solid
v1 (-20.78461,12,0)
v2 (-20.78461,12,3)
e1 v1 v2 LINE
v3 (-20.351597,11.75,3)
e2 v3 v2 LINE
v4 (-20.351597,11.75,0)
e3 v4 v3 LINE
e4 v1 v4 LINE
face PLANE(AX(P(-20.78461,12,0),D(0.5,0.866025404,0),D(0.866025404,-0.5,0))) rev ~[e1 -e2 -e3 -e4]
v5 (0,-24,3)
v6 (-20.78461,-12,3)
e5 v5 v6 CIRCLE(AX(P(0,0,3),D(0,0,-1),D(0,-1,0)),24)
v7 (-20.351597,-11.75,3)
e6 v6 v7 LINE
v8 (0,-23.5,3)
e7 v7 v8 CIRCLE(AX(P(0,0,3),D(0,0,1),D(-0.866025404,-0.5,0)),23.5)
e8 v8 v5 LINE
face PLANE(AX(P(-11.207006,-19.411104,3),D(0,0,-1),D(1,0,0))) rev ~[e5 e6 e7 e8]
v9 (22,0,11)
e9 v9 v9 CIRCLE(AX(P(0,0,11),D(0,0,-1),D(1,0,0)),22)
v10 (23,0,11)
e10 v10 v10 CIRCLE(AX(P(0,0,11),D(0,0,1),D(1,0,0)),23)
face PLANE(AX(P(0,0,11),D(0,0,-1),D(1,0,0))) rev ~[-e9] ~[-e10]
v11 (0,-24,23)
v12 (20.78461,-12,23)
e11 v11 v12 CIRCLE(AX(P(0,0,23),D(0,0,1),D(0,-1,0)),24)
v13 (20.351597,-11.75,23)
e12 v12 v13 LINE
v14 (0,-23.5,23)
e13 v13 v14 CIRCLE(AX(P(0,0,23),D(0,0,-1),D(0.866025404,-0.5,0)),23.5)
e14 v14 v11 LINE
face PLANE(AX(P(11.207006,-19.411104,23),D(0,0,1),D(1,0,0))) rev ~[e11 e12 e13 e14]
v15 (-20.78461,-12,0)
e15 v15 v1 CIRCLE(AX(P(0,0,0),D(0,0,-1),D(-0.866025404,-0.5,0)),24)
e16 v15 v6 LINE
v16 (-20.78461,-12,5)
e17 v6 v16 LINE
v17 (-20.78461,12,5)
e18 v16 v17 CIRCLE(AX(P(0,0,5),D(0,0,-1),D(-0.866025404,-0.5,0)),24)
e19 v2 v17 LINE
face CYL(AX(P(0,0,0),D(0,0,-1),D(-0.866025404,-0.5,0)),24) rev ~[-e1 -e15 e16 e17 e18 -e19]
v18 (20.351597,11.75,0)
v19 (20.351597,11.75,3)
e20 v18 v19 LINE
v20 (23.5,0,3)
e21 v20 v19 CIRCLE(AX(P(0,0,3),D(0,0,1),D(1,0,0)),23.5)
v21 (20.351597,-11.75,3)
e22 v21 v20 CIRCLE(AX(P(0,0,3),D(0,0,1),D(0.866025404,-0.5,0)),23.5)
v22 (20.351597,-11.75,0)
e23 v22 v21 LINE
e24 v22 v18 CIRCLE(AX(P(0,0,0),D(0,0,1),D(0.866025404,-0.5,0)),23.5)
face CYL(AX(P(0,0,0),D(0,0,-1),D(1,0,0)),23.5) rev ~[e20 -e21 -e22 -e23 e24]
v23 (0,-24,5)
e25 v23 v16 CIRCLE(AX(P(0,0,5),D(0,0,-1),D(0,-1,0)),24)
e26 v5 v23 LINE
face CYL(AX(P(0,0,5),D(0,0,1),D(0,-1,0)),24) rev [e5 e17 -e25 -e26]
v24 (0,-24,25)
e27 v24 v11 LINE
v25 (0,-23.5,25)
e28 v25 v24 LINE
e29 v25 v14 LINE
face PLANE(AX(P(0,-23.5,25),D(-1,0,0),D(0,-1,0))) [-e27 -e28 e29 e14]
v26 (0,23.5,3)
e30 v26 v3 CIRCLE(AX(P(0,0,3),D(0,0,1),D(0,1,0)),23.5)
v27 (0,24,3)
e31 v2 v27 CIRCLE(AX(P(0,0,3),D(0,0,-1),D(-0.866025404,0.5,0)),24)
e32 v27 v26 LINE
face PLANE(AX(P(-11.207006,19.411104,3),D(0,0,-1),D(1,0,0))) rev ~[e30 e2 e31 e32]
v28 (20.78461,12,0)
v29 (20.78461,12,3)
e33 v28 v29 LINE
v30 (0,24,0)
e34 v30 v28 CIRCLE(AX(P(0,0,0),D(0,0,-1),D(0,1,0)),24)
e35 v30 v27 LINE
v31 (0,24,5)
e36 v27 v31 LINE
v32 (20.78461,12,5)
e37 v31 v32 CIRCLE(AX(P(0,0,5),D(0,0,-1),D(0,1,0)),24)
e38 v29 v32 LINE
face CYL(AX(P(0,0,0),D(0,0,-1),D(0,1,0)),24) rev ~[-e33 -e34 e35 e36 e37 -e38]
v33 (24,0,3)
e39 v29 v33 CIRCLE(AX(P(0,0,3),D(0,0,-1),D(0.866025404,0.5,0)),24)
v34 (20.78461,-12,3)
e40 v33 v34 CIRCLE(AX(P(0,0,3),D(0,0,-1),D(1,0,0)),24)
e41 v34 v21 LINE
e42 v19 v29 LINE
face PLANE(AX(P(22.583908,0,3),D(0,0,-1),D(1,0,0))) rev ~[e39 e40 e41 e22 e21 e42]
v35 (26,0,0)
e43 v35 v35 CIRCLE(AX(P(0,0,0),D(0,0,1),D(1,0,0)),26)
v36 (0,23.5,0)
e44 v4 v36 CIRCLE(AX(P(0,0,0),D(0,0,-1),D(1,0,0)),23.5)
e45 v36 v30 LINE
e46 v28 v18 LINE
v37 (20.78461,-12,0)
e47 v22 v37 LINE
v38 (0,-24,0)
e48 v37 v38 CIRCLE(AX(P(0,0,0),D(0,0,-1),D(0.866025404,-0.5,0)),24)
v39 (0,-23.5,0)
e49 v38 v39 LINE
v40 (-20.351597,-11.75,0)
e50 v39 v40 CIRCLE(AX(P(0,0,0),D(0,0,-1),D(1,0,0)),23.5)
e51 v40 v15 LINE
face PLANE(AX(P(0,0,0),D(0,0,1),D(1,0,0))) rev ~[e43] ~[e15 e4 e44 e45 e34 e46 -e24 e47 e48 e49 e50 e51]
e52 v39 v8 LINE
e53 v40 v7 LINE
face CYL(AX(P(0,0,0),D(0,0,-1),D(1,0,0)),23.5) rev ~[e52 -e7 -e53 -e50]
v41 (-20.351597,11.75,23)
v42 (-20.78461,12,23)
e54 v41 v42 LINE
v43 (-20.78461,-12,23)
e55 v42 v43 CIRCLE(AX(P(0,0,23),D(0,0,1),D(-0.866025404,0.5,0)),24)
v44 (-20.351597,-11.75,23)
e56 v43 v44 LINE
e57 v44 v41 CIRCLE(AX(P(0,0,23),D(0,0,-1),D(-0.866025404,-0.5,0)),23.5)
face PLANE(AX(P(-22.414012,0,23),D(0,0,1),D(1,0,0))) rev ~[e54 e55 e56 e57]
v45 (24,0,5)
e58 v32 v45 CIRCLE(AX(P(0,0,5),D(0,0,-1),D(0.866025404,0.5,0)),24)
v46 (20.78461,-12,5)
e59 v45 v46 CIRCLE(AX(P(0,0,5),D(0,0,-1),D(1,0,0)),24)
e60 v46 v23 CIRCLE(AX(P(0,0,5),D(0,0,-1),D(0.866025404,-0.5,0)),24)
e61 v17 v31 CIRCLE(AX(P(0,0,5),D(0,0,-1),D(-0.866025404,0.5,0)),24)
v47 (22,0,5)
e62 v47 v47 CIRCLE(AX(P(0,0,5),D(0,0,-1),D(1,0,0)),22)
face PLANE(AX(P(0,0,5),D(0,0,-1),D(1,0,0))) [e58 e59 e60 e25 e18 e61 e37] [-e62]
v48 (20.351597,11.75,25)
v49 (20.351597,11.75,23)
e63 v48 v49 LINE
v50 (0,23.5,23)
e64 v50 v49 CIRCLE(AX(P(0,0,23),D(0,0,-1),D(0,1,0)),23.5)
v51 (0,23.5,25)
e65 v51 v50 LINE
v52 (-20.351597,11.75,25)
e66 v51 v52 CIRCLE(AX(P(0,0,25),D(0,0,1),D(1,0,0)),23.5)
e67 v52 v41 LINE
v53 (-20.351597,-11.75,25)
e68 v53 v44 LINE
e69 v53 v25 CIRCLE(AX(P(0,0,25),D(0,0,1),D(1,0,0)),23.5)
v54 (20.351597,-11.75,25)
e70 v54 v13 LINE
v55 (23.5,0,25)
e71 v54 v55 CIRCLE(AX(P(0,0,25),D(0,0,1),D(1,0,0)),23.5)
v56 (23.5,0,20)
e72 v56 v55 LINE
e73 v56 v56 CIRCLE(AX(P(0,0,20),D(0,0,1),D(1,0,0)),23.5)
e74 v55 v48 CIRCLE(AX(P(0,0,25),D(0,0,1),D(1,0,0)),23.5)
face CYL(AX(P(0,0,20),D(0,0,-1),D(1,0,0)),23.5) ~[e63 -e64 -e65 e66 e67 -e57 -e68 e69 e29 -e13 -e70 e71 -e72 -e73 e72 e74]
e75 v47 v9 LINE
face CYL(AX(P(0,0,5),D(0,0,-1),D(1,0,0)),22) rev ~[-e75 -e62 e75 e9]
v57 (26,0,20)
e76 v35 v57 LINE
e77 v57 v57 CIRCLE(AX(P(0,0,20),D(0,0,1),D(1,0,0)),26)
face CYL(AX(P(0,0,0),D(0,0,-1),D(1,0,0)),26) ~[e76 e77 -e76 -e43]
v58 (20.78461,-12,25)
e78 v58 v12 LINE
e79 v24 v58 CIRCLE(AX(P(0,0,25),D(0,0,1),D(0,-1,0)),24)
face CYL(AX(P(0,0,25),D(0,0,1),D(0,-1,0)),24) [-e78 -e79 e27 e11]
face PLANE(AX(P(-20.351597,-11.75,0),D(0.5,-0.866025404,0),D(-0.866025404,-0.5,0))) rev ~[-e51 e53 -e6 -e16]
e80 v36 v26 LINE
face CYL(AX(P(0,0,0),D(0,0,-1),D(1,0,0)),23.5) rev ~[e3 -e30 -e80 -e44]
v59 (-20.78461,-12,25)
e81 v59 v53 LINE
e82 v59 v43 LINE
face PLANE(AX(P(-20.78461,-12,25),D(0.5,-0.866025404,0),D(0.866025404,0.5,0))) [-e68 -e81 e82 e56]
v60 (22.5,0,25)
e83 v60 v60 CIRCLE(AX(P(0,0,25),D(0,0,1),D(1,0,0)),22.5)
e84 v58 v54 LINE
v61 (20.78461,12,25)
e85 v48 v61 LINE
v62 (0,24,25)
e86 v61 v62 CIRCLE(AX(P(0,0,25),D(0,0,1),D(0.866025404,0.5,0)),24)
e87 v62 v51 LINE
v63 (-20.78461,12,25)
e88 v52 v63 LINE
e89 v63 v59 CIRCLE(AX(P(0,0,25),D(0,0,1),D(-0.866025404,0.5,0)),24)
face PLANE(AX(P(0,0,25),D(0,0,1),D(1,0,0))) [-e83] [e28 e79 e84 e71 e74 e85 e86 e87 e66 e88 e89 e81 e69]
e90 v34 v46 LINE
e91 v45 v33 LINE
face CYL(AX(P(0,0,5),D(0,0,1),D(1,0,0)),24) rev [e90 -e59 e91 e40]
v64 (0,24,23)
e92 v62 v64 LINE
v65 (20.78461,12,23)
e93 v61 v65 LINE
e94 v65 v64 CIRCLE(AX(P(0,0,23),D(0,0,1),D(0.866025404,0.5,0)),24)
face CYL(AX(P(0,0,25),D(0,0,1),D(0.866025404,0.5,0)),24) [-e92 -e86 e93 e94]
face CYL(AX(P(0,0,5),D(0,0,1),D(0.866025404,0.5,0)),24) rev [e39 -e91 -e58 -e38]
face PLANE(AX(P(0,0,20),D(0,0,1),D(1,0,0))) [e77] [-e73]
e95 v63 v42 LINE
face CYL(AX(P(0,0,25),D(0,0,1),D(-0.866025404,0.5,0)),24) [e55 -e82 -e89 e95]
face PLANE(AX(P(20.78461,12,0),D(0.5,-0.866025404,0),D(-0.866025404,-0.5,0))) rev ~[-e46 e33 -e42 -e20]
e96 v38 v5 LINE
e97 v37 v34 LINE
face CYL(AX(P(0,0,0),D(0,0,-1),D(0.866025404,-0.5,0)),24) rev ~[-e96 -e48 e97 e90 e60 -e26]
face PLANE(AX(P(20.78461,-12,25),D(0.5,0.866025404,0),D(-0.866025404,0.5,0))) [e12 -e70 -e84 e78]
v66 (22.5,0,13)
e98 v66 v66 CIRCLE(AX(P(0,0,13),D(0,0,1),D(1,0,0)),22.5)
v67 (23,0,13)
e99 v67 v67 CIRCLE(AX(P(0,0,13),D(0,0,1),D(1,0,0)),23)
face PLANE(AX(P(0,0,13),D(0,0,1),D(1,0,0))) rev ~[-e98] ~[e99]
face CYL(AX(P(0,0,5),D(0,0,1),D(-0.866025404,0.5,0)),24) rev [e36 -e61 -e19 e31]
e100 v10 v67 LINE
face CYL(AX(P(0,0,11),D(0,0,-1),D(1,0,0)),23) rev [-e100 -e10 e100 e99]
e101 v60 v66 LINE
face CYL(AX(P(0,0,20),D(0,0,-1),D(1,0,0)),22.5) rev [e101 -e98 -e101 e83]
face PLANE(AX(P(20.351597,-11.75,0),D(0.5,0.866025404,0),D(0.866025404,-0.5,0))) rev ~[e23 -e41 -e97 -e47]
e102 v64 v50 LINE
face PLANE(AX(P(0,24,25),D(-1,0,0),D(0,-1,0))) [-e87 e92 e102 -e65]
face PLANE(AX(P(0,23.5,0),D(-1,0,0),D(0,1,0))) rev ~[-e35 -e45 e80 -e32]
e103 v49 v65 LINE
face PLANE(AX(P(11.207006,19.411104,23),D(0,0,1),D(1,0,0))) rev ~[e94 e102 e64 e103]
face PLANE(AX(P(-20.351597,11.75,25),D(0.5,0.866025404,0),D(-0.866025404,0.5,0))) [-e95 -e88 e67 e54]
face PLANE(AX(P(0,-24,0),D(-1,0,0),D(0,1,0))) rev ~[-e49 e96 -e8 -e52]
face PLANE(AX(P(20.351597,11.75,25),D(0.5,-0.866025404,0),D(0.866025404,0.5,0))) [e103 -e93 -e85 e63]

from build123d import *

# Parameters (mm, degrees)
F0_R      = 26
F0_R_2    = 22.5
F1_DEPTH  = 20
F2_R      = 23.5
F2_R_2    = 22.5
F3_DEPTH  = 5
F4_R      = 23.5
F4_R_2    = 22.5
F5_DEPTH  = 5
F7_DEPTH  = 2
F9_DEPTH  = 5
F11_DEPTH = 2
F12_R     = 22.5
F12_R_2   = 22
F13_DEPTH = 6
F14_R     = 23
F14_R_2   = 22.5
F15_DEPTH = 2


with BuildPart() as f1:
    # F0 (on Top) → F1 (new body)
    with BuildSketch(Plane.XY):
        Circle(F0_R)
        Circle(F0_R_2, mode=Mode.SUBTRACT)
    extrude(amount=F1_DEPTH)

    # F2 (on face) → F3 (cut)
    with BuildSketch(Plane(origin=(0, 0, 0), x_dir=(1, 0, 0), z_dir=(0, 0, -1))):
        Circle(F2_R)
        Circle(F2_R_2, mode=Mode.SUBTRACT)
    extrude(amount=-F3_DEPTH, mode=Mode.SUBTRACT)

    # F4 (on face) → F5 (join)
    with BuildSketch(Plane.XY.offset(20)):
        Circle(F4_R)
        Circle(F4_R_2, mode=Mode.SUBTRACT)
    extrude(amount=F5_DEPTH)

    # F6 (on face) → F7 (join)
    with BuildSketch(Plane.XY.offset(25)):
        with BuildLine():
            Line((-20.3515969889, 11.75), (-20.7846096908, 12))
            ThreePointArc((-20.7846096908, 12), (-24, 0), (-20.7846096908, -12))
            Line((-20.7846096908, -12), (-20.3515969889, -11.75))
            ThreePointArc((-20.3515969889, -11.75), (-23.5, 0), (-20.3515969889, 11.75))
        make_face()
        with BuildLine():
            Line((20.3515969889, 11.75), (20.7846096908, 12))
            ThreePointArc((20.7846096908, 12), (12, 20.7846096908), (0, 24))
            Line((0, 24), (0, 23.5))
            ThreePointArc((0, 23.5), (11.75, 20.3515969889), (20.3515969889, 11.75))
        make_face()
        with BuildLine():
            ThreePointArc((0, -24), (12, -20.7846096908), (20.7846096908, -12))
            Line((20.7846096908, -12), (20.3515969889, -11.75))
            ThreePointArc((20.3515969889, -11.75), (11.75, -20.3515969889), (0, -23.5))
            Line((0, -23.5), (0, -24))
        make_face()
    extrude(amount=-F7_DEPTH)

    # F8 (on face) → F9 (cut)
    with BuildSketch(Plane(origin=(0, 0, 0), x_dir=(1, 0, 0), z_dir=(0, 0, -1))):
        with BuildLine():
            Line((20.3515969889, 11.75), (20.7846096908, 12))
            ThreePointArc((20.7846096908, 12), (12, 20.7846096908), (0, 24))
            Line((0, 24), (0, 23.5))
            ThreePointArc((0, 23.5), (11.75, 20.3515969889), (20.3515969889, 11.75))
        make_face()
        with BuildLine():
            ThreePointArc((0, -24), (12, -20.7846096908), (20.7846096908, -12))
            Line((20.7846096908, -12), (20.3515969889, -11.75))
            ThreePointArc((20.3515969889, -11.75), (11.75, -20.3515969889), (0, -23.5))
            Line((0, -23.5), (0, -24))
        make_face()
        with BuildLine():
            Line((-20.3515969889, 11.75), (-20.7846096908, 12))
            ThreePointArc((-20.7846096908, 12), (-24, 0), (-20.7846096908, -12))
            Line((-20.7846096908, -12), (-20.3515969889, -11.75))
            ThreePointArc((-20.3515969889, -11.75), (-23.5, 0), (-20.3515969889, 11.75))
        make_face()
    extrude(amount=-F9_DEPTH, mode=Mode.SUBTRACT)

    # F10 (on face) → F11 (cut)
    with BuildSketch(Plane(origin=(0, 0, 5), x_dir=(1, 0, 0), z_dir=(0, 0, -1))):
        with BuildLine():
            ThreePointArc((20.3515969889, 11.75), (22.6992569178, 6.0822475599), (23.5, 0))
            ThreePointArc((23.5, 0), (22.6992569178, -6.0822475599), (20.3515969889, -11.75))
            Line((20.3515969889, -11.75), (20.7846096908, -12))
            ThreePointArc((20.7846096908, -12), (23.1822198309, -6.2116570825), (24, 0))
            ThreePointArc((24, 0), (23.1822198309, 6.2116570825), (20.7846096908, 12))
            Line((20.7846096908, 12), (20.3515969889, 11.75))
        make_face()
        with BuildLine():
            Line((0, -24), (0, -23.5))
            ThreePointArc((0, -23.5), (-11.75, -20.3515969889), (-20.3515969889, -11.75))
            Line((-20.3515969889, -11.75), (-20.7846096908, -12))
            ThreePointArc((-20.7846096908, -12), (-12, -20.7846096908), (0, -24))
        make_face()
        with BuildLine():
            ThreePointArc((-20.3515969889, 11.75), (-11.75, 20.3515969889), (0, 23.5))
            Line((0, 23.5), (0, 24))
            ThreePointArc((0, 24), (-12, 20.7846096908), (-20.7846096908, 12))
            Line((-20.7846096908, 12), (-20.3515969889, 11.75))
        make_face()
    extrude(amount=F11_DEPTH, mode=Mode.SUBTRACT)

    # F12 (on face) → F13 (join)
    with BuildSketch(Plane(origin=(0, 0, 5), x_dir=(1, 0, 0), z_dir=(0, 0, -1))):
        Circle(F12_R)
        Circle(F12_R_2, mode=Mode.SUBTRACT)
    extrude(amount=-F13_DEPTH)

    # F14 (on face) → F15 (cut)
    with BuildSketch(Plane.XY.offset(11)):
        Circle(F14_R)
        Circle(F14_R_2, mode=Mode.SUBTRACT)
    extrude(amount=F15_DEPTH, mode=Mode.SUBTRACT)


solid = f1.part
